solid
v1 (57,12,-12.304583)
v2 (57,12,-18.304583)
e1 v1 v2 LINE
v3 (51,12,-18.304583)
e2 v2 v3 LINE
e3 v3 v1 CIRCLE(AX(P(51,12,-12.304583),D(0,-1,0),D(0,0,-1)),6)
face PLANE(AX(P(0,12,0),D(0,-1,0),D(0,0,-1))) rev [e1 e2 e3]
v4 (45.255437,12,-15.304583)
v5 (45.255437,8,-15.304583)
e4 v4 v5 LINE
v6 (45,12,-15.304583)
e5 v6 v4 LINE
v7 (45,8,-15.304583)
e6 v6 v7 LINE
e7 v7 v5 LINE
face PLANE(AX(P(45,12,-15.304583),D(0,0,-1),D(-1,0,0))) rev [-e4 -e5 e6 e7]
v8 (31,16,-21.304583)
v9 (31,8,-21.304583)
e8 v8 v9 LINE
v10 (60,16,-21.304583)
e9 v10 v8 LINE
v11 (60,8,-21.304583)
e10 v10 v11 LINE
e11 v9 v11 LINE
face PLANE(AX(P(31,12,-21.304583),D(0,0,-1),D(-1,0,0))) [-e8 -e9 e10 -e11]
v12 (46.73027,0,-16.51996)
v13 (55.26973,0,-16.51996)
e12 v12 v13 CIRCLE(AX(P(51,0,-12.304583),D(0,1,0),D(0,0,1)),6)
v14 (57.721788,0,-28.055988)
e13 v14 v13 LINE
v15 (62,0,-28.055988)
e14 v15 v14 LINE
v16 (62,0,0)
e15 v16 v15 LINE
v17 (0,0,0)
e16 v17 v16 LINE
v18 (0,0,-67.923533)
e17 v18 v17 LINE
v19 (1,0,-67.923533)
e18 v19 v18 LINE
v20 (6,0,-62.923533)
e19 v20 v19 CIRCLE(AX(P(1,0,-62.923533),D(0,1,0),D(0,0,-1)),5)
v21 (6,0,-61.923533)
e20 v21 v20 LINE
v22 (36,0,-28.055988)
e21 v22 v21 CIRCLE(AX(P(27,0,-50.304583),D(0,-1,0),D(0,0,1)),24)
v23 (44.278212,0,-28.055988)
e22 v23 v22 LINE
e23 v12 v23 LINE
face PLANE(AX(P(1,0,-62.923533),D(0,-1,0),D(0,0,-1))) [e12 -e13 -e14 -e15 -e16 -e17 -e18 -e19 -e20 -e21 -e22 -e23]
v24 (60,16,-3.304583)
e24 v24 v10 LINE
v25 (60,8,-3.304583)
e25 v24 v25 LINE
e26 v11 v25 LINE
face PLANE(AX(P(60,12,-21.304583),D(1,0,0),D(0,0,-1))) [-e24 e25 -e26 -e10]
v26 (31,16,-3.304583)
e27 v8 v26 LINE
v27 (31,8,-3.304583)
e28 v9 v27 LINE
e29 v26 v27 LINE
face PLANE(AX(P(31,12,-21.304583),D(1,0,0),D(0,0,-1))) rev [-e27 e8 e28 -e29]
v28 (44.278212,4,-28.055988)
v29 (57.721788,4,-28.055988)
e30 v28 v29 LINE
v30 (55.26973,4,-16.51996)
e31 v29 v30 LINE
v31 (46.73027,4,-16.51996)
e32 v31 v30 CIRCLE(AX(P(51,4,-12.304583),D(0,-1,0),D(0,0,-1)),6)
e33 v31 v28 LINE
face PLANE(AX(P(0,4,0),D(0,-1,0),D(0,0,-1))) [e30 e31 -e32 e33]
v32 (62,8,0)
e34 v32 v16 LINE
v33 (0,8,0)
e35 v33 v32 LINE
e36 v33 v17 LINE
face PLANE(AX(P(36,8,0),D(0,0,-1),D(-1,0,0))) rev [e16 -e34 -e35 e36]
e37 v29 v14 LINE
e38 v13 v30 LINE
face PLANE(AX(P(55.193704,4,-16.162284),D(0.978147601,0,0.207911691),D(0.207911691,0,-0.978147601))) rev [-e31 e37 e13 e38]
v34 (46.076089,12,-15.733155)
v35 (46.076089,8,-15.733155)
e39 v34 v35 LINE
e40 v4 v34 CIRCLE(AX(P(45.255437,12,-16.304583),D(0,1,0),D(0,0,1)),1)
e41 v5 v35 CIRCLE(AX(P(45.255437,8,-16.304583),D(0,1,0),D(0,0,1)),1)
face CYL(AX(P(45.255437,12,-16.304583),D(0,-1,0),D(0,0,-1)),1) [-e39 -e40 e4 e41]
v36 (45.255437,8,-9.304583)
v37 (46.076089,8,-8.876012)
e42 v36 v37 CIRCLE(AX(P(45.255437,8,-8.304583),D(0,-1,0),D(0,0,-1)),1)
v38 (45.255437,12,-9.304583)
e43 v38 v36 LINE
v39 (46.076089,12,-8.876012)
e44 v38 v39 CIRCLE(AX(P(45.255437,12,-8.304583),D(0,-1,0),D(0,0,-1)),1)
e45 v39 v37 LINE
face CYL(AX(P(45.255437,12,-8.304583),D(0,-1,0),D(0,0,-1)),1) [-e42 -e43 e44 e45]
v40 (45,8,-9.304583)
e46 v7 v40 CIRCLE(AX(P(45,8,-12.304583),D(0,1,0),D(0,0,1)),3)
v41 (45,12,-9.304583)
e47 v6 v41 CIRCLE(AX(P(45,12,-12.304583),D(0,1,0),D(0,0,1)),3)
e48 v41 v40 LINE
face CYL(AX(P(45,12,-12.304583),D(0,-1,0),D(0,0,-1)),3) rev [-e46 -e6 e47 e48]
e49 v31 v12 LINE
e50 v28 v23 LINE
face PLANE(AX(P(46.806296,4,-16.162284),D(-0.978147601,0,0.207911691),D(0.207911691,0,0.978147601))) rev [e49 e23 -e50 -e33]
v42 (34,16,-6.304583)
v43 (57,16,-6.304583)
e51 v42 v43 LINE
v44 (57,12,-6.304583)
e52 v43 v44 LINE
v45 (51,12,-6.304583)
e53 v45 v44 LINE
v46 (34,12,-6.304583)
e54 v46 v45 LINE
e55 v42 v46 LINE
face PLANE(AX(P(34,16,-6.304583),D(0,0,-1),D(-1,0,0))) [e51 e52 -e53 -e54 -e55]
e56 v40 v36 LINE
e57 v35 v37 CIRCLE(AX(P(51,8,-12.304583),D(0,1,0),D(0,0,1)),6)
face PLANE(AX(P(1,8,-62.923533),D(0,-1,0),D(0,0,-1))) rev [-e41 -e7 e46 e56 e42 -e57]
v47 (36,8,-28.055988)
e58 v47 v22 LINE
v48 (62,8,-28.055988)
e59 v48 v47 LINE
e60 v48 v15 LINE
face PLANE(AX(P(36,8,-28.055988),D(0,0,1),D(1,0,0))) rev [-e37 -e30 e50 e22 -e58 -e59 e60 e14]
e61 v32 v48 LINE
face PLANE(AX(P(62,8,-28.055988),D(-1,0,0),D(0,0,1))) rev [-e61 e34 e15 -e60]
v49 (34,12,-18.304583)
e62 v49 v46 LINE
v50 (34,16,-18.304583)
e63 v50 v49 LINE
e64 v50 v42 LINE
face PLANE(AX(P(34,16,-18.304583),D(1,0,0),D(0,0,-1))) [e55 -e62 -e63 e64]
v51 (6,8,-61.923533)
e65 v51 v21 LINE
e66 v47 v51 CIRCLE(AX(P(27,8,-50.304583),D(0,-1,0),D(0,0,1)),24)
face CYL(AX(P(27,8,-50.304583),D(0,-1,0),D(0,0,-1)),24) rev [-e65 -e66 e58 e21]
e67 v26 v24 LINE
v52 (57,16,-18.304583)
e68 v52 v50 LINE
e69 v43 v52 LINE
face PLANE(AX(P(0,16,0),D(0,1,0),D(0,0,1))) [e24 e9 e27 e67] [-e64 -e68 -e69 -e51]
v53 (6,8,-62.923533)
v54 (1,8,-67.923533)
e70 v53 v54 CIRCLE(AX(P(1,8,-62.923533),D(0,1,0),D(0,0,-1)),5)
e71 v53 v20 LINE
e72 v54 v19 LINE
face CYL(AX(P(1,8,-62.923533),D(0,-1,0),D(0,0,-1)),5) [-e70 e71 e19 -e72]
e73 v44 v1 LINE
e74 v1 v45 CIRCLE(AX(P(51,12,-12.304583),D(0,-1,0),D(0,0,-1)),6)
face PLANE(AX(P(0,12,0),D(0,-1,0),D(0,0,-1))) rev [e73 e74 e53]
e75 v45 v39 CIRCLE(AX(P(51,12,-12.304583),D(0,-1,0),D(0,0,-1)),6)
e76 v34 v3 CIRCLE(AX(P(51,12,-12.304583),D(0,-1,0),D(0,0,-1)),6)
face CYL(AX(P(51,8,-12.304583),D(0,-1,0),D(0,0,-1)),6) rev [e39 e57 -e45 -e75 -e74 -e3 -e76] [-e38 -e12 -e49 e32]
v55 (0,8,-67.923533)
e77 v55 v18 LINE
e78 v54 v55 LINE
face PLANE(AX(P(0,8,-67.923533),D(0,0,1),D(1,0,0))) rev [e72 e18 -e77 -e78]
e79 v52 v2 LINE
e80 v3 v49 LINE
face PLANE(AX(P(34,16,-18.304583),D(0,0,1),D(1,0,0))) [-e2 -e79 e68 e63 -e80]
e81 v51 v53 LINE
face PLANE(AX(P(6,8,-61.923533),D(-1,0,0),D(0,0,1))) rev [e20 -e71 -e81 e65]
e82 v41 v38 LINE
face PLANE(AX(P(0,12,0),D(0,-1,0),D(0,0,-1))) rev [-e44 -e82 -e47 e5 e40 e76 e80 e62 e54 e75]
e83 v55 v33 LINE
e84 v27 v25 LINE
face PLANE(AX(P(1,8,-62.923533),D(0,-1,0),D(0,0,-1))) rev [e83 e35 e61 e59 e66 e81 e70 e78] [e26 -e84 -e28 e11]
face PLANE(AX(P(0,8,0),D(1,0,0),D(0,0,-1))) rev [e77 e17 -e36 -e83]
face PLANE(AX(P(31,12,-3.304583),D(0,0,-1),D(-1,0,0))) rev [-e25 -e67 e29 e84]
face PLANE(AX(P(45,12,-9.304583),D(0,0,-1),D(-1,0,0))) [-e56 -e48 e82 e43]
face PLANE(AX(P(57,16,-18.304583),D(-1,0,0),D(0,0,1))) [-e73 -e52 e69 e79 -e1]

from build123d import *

# Parameters (mm, degrees)
ESQUISSE1_R             = 6
BOSS_EXTRU_1_DEPTH      = 8
ESQUISSE2_W             = 29
ESQUISSE2_H             = 18
BOSS_EXTRU_2_DEPTH      = 4
ESQUISSE3_W             = 29
ESQUISSE3_H             = 18
ESQUISSE3_W_2           = 23
ESQUISSE3_H_2           = 12
BOSS_EXTRU_3_DEPTH      = 4
ENL_V_MAT_EXTRU_1_DEPTH = 4


with BuildPart() as part:
    # Esquisse1 → Boss.-Extru.1 (new body)
    with BuildSketch(Plane(origin=(0, 0, 0), x_dir=(1, 0, 0), z_dir=(0, 1, 0))):
        with BuildLine():
            Line((0, 0), (6, 0))
            Line((6, 0), (36, 0))
            Line((36, 0), (62, 0))
            Line((62, 0), (62, 28.055987731))
            Line((62, 28.055987731), (36, 28.055987731))
            ThreePointArc((36, 28.055987731), (9.034681758, 34.39083629), (6, 61.923533231))
            Line((6, 61.923533231), (6, 62.923533231))
            ThreePointArc((6, 62.923533231), (4.535533906, 66.459067137), (1, 67.923533231))
            Line((1, 67.923533231), (0, 67.923533231))
            Line((0, 67.923533231), (0, 0))
        make_face()
        with Locations((51, 12.304583192)):
            Circle(ESQUISSE1_R, mode=Mode.SUBTRACT)
    extrude(amount=BOSS_EXTRU_1_DEPTH)

    # Esquisse2 → Boss.-Extru.2 (add)
    with BuildSketch(Plane(origin=(0, 8, 0), x_dir=(1, 0, 0), z_dir=(0, 1, 0))):
        with Locations((45.5, 12.304583192)):
            Rectangle(ESQUISSE2_W, ESQUISSE2_H)
        with BuildLine():
            Line((45, 15.304583192), (45.255437353, 15.304583192))
            ThreePointArc((45.255437353, 15.304583192), (45.718347403, 15.418177932), (46.07608916, 15.733154621))
            ThreePointArc((46.07608916, 15.733154621), (57, 12.304583192), (46.07608916, 8.876011764))
            ThreePointArc((46.07608916, 8.876011764), (45.718347403, 9.190988453), (45.255437353, 9.304583192))
            Line((45.255437353, 9.304583192), (45, 9.304583192))
            ThreePointArc((45, 9.304583192), (42, 12.304583192), (45, 15.304583192))
        make_face(mode=Mode.SUBTRACT)
    extrude(amount=BOSS_EXTRU_2_DEPTH)

    # Esquisse3 → Boss.-Extru.3 (add)
    with BuildSketch(Plane(origin=(0, 12, 0), x_dir=(1, 0, 0), z_dir=(0, 1, 0))):
        with Locations((45.5, 12.304583192)):
            Rectangle(ESQUISSE3_W, ESQUISSE3_H)
        with Locations((45.5, 12.304583192)):
            Rectangle(ESQUISSE3_W_2, ESQUISSE3_H_2, mode=Mode.SUBTRACT)
    extrude(amount=BOSS_EXTRU_3_DEPTH)

    # Esquisse4 → Enlèv. mat.-Extru.1 (cut)
    with BuildSketch(Plane.XZ):
        Polygon((47.7, -17.055987731), (54.3, -17.055987731), (55.193703609, -16.162284122), (57.721788353, -28.055987731), (54.3, -28.055987731), (47.7, -28.055987731), (44.278211647, -28.055987731), (46.806296391, -16.162284122), align=None)
    extrude(amount=-ENL_V_MAT_EXTRU_1_DEPTH, mode=Mode.SUBTRACT)


solid = part.part
